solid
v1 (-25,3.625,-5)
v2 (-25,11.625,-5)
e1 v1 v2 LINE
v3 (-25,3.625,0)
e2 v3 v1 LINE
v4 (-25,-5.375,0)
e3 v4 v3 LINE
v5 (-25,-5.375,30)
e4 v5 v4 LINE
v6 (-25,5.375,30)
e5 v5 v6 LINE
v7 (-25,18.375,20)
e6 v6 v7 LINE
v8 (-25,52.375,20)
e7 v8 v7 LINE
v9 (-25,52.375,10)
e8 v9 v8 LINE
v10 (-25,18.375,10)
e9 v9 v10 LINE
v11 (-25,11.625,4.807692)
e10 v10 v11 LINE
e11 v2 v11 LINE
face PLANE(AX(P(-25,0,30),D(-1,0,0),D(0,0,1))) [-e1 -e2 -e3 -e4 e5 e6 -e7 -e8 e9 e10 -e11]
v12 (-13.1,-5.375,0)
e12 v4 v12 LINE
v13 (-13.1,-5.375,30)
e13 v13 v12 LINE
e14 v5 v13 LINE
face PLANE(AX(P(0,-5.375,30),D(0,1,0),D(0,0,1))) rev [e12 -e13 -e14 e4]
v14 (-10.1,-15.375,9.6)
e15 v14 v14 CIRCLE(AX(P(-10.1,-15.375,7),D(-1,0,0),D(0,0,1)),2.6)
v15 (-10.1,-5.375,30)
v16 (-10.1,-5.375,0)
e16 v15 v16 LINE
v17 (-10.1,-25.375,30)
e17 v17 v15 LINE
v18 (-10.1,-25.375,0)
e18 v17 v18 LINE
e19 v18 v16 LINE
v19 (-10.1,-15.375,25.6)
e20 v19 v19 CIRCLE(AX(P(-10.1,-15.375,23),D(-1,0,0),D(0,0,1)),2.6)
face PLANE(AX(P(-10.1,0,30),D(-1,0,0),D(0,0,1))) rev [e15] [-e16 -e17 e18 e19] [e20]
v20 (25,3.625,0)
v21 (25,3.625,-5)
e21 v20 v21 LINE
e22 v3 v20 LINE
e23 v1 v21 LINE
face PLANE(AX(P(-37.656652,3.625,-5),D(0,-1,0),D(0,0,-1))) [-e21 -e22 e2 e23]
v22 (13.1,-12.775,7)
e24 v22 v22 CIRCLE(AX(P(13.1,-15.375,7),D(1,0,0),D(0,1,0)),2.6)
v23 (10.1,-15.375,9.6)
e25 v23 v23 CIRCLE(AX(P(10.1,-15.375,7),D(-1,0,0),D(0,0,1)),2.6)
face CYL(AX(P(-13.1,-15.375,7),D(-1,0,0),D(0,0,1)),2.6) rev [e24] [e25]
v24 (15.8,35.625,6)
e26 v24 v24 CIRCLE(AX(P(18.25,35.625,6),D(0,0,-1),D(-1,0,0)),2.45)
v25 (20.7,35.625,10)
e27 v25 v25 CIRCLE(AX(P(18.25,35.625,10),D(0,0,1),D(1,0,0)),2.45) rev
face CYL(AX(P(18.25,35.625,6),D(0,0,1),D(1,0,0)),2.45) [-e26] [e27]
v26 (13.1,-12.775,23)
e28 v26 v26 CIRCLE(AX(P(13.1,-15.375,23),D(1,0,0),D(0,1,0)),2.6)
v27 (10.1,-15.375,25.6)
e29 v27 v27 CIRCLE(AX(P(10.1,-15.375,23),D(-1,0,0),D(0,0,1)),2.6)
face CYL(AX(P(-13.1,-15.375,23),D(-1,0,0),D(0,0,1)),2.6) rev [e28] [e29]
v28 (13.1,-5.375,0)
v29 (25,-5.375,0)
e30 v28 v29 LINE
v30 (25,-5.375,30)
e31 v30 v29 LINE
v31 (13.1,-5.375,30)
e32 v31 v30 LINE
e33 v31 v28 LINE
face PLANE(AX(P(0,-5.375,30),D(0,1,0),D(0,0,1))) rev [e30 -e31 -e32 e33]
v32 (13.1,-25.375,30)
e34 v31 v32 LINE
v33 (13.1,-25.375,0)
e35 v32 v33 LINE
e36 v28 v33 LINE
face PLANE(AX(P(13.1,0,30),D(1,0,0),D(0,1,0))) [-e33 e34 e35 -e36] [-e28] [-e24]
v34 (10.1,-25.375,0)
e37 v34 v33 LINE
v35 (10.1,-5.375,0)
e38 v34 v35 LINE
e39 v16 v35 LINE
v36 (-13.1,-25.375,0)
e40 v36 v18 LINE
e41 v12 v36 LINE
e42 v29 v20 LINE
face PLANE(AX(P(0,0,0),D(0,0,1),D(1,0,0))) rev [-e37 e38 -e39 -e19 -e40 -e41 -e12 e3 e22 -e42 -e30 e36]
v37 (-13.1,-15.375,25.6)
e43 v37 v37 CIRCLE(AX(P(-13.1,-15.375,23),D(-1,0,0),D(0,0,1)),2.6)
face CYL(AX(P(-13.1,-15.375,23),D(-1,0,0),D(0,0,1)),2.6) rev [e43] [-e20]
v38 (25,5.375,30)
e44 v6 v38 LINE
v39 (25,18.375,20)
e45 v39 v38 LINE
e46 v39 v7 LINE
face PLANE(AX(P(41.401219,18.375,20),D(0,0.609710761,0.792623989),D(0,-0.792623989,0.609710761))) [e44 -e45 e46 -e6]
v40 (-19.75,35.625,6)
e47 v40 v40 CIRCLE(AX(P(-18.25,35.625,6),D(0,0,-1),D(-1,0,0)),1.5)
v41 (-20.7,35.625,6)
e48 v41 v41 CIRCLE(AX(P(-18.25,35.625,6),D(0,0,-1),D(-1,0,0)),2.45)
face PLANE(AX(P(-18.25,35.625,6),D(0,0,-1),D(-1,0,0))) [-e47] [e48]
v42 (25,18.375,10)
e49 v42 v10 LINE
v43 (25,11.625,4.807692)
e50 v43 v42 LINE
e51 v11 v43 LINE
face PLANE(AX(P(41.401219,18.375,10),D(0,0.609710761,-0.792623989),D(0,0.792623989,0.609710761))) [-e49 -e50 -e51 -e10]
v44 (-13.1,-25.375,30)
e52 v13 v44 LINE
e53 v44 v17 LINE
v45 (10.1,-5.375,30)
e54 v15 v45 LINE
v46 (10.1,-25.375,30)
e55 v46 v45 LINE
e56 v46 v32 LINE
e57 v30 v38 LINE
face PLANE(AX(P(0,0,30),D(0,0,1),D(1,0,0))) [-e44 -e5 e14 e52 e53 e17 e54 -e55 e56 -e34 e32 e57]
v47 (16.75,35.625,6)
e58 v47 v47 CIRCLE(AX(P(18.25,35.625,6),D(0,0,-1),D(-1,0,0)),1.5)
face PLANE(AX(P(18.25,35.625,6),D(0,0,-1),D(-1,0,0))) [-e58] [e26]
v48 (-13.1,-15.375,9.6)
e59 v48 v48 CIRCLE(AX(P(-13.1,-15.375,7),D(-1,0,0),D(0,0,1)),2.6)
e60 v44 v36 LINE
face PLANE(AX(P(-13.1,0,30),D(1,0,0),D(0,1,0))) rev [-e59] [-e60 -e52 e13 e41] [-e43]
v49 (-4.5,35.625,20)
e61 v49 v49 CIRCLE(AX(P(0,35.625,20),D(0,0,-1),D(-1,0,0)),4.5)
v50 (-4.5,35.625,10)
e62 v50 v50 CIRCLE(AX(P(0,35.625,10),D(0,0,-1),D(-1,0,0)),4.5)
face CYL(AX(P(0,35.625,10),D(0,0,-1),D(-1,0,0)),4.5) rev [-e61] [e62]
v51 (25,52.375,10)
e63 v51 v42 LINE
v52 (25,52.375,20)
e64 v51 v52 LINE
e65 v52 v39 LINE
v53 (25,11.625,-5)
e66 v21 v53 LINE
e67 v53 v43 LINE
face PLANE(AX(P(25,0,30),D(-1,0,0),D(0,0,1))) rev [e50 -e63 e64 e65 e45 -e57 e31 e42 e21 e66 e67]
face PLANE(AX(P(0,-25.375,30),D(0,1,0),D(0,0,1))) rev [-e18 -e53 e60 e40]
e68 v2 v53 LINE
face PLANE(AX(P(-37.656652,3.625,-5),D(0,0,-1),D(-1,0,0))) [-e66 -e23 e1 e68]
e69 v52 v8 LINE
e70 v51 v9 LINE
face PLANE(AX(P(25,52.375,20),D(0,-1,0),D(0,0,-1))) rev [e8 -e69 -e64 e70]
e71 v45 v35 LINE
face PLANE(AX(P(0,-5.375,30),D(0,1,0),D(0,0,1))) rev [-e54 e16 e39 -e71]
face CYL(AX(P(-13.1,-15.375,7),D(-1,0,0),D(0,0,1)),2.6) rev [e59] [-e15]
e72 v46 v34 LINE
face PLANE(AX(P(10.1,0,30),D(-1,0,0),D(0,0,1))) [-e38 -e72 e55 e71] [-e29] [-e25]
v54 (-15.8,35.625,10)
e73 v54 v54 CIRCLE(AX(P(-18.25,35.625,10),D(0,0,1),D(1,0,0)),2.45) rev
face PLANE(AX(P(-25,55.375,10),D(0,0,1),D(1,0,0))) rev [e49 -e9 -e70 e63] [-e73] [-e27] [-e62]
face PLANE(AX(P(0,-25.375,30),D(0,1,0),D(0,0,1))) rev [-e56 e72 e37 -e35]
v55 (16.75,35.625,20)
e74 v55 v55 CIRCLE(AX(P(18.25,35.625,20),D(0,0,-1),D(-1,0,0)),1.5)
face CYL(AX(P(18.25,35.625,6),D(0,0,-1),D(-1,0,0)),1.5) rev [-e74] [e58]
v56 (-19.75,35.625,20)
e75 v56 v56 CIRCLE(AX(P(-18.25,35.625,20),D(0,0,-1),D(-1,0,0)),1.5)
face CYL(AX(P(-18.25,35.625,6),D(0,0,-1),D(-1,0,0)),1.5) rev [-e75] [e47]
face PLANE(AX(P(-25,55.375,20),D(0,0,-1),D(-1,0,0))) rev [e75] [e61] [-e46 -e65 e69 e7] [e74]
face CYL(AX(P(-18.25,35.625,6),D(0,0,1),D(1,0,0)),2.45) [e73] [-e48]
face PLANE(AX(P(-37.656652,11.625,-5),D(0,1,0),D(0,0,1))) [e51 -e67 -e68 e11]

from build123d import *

# Parameters (mm, degrees)
EXTRUDE_1_DEPTH     = 30
SKETCH_2_W          = 50
SKETCH_2_H          = 10
EXTRUDE_2_DEPTH     = 50
HOLE_WIZARD_2_D     = 5.2
HOLE_WIZARD_3_D     = 9
SKETCH_17_R         = 2.45
EXTRUDE_6_DEPTH     = 4
HOLE_WIZARD_5_D     = 3
EXTRUDE_7_DEPTH     = 50
SKETCH_21_W         = 10
SKETCH_21_H         = 3
CUT_EXTRUDE_1_DEPTH = 81.413870849
SKETCH_23_W         = 9.807692308
SKETCH_23_H         = 8
EXTRUDE_8_DEPTH     = 50


with BuildPart() as part:
    # 草图1 → 凸台-拉伸1 (new body)
    with BuildSketch(Plane.XY):
        Polygon((13.1, -5.375), (13.1, -25.375), (10.1, -25.375), (10.1, -5.375), (-10.1, -5.375), (-10.1, -25.375), (-13.1, -25.375), (-13.1, -5.375), (-25, -5.375), (-25, 5.375), (25, 5.375), (25, -5.375), align=None)
    extrude(amount=EXTRUDE_1_DEPTH)

    # 草图2 → 凸台-拉伸2 (add)
    with BuildSketch(Plane(origin=(0, 5.375, 0), x_dir=(1, 0, 0), z_dir=(0, 1, 0))):
        with Locations((0, -15)):
            Rectangle(SKETCH_2_W, SKETCH_2_H)
    extrude(amount=EXTRUDE_2_DEPTH)

    # 孔2 (through all)
    with Locations(Plane.ZY.offset(13.1)):
        with Locations((7, -15.375), (23, -15.375)):
            Hole(HOLE_WIZARD_2_D / 2)

    # 孔3 (through all)
    with Locations(Plane(origin=(0, 0, 10), x_dir=(-1, 0, 0), z_dir=(0, 0, -1))):
        with Locations((0, 35.625)):
            Hole(HOLE_WIZARD_3_D / 2)

    # 草图17 → 凸台-拉伸6 (add)
    with BuildSketch(Plane(origin=(0, 0, 10), x_dir=(-1, 0, 0), z_dir=(0, 0, -1))):
        with Locations(Location((18.25, 35.625, 0), (0, 0, 180))):
            Circle(SKETCH_17_R)
        with Locations(Location((-18.25, 35.625, 0), (0, 0, 180))):
            Circle(SKETCH_17_R)
    extrude(amount=EXTRUDE_6_DEPTH)

    # 孔5 (through all)
    with Locations(Plane(origin=(0, 0, 6), x_dir=(-1, 0, 0), z_dir=(0, 0, -1))):
        with Locations((18.25, 35.625), (-18.25, 35.625)):
            Hole(HOLE_WIZARD_5_D / 2)

    # 草图20 → 凸台-拉伸7 (add)
    with BuildSketch(Plane.ZY.offset(25)):
        Polygon((20, 18.375), (30, 5.375), (20, 5.375), align=None)
        Polygon((10, 18.375), (0, 5.375), (10, 5.375), align=None)
    extrude(amount=-EXTRUDE_7_DEPTH)

    # 草图21 → 切除-拉伸1 (cut, through all)
    with BuildSketch(Plane.ZY.offset(25)):
        with Locations((15, 53.875)):
            Rectangle(SKETCH_21_W, SKETCH_21_H)
    extrude(amount=-CUT_EXTRUDE_1_DEPTH, mode=Mode.SUBTRACT)

    # 草图23 → 凸台-拉伸8 (add)
    with BuildSketch(Plane(origin=(25, 0, 0), x_dir=(0, 0, -1), z_dir=(1, 0, 0))):
        with Locations((0.096153846, 7.625)):
            Rectangle(SKETCH_23_W, SKETCH_23_H)
    extrude(amount=-EXTRUDE_8_DEPTH)


solid = part.part
